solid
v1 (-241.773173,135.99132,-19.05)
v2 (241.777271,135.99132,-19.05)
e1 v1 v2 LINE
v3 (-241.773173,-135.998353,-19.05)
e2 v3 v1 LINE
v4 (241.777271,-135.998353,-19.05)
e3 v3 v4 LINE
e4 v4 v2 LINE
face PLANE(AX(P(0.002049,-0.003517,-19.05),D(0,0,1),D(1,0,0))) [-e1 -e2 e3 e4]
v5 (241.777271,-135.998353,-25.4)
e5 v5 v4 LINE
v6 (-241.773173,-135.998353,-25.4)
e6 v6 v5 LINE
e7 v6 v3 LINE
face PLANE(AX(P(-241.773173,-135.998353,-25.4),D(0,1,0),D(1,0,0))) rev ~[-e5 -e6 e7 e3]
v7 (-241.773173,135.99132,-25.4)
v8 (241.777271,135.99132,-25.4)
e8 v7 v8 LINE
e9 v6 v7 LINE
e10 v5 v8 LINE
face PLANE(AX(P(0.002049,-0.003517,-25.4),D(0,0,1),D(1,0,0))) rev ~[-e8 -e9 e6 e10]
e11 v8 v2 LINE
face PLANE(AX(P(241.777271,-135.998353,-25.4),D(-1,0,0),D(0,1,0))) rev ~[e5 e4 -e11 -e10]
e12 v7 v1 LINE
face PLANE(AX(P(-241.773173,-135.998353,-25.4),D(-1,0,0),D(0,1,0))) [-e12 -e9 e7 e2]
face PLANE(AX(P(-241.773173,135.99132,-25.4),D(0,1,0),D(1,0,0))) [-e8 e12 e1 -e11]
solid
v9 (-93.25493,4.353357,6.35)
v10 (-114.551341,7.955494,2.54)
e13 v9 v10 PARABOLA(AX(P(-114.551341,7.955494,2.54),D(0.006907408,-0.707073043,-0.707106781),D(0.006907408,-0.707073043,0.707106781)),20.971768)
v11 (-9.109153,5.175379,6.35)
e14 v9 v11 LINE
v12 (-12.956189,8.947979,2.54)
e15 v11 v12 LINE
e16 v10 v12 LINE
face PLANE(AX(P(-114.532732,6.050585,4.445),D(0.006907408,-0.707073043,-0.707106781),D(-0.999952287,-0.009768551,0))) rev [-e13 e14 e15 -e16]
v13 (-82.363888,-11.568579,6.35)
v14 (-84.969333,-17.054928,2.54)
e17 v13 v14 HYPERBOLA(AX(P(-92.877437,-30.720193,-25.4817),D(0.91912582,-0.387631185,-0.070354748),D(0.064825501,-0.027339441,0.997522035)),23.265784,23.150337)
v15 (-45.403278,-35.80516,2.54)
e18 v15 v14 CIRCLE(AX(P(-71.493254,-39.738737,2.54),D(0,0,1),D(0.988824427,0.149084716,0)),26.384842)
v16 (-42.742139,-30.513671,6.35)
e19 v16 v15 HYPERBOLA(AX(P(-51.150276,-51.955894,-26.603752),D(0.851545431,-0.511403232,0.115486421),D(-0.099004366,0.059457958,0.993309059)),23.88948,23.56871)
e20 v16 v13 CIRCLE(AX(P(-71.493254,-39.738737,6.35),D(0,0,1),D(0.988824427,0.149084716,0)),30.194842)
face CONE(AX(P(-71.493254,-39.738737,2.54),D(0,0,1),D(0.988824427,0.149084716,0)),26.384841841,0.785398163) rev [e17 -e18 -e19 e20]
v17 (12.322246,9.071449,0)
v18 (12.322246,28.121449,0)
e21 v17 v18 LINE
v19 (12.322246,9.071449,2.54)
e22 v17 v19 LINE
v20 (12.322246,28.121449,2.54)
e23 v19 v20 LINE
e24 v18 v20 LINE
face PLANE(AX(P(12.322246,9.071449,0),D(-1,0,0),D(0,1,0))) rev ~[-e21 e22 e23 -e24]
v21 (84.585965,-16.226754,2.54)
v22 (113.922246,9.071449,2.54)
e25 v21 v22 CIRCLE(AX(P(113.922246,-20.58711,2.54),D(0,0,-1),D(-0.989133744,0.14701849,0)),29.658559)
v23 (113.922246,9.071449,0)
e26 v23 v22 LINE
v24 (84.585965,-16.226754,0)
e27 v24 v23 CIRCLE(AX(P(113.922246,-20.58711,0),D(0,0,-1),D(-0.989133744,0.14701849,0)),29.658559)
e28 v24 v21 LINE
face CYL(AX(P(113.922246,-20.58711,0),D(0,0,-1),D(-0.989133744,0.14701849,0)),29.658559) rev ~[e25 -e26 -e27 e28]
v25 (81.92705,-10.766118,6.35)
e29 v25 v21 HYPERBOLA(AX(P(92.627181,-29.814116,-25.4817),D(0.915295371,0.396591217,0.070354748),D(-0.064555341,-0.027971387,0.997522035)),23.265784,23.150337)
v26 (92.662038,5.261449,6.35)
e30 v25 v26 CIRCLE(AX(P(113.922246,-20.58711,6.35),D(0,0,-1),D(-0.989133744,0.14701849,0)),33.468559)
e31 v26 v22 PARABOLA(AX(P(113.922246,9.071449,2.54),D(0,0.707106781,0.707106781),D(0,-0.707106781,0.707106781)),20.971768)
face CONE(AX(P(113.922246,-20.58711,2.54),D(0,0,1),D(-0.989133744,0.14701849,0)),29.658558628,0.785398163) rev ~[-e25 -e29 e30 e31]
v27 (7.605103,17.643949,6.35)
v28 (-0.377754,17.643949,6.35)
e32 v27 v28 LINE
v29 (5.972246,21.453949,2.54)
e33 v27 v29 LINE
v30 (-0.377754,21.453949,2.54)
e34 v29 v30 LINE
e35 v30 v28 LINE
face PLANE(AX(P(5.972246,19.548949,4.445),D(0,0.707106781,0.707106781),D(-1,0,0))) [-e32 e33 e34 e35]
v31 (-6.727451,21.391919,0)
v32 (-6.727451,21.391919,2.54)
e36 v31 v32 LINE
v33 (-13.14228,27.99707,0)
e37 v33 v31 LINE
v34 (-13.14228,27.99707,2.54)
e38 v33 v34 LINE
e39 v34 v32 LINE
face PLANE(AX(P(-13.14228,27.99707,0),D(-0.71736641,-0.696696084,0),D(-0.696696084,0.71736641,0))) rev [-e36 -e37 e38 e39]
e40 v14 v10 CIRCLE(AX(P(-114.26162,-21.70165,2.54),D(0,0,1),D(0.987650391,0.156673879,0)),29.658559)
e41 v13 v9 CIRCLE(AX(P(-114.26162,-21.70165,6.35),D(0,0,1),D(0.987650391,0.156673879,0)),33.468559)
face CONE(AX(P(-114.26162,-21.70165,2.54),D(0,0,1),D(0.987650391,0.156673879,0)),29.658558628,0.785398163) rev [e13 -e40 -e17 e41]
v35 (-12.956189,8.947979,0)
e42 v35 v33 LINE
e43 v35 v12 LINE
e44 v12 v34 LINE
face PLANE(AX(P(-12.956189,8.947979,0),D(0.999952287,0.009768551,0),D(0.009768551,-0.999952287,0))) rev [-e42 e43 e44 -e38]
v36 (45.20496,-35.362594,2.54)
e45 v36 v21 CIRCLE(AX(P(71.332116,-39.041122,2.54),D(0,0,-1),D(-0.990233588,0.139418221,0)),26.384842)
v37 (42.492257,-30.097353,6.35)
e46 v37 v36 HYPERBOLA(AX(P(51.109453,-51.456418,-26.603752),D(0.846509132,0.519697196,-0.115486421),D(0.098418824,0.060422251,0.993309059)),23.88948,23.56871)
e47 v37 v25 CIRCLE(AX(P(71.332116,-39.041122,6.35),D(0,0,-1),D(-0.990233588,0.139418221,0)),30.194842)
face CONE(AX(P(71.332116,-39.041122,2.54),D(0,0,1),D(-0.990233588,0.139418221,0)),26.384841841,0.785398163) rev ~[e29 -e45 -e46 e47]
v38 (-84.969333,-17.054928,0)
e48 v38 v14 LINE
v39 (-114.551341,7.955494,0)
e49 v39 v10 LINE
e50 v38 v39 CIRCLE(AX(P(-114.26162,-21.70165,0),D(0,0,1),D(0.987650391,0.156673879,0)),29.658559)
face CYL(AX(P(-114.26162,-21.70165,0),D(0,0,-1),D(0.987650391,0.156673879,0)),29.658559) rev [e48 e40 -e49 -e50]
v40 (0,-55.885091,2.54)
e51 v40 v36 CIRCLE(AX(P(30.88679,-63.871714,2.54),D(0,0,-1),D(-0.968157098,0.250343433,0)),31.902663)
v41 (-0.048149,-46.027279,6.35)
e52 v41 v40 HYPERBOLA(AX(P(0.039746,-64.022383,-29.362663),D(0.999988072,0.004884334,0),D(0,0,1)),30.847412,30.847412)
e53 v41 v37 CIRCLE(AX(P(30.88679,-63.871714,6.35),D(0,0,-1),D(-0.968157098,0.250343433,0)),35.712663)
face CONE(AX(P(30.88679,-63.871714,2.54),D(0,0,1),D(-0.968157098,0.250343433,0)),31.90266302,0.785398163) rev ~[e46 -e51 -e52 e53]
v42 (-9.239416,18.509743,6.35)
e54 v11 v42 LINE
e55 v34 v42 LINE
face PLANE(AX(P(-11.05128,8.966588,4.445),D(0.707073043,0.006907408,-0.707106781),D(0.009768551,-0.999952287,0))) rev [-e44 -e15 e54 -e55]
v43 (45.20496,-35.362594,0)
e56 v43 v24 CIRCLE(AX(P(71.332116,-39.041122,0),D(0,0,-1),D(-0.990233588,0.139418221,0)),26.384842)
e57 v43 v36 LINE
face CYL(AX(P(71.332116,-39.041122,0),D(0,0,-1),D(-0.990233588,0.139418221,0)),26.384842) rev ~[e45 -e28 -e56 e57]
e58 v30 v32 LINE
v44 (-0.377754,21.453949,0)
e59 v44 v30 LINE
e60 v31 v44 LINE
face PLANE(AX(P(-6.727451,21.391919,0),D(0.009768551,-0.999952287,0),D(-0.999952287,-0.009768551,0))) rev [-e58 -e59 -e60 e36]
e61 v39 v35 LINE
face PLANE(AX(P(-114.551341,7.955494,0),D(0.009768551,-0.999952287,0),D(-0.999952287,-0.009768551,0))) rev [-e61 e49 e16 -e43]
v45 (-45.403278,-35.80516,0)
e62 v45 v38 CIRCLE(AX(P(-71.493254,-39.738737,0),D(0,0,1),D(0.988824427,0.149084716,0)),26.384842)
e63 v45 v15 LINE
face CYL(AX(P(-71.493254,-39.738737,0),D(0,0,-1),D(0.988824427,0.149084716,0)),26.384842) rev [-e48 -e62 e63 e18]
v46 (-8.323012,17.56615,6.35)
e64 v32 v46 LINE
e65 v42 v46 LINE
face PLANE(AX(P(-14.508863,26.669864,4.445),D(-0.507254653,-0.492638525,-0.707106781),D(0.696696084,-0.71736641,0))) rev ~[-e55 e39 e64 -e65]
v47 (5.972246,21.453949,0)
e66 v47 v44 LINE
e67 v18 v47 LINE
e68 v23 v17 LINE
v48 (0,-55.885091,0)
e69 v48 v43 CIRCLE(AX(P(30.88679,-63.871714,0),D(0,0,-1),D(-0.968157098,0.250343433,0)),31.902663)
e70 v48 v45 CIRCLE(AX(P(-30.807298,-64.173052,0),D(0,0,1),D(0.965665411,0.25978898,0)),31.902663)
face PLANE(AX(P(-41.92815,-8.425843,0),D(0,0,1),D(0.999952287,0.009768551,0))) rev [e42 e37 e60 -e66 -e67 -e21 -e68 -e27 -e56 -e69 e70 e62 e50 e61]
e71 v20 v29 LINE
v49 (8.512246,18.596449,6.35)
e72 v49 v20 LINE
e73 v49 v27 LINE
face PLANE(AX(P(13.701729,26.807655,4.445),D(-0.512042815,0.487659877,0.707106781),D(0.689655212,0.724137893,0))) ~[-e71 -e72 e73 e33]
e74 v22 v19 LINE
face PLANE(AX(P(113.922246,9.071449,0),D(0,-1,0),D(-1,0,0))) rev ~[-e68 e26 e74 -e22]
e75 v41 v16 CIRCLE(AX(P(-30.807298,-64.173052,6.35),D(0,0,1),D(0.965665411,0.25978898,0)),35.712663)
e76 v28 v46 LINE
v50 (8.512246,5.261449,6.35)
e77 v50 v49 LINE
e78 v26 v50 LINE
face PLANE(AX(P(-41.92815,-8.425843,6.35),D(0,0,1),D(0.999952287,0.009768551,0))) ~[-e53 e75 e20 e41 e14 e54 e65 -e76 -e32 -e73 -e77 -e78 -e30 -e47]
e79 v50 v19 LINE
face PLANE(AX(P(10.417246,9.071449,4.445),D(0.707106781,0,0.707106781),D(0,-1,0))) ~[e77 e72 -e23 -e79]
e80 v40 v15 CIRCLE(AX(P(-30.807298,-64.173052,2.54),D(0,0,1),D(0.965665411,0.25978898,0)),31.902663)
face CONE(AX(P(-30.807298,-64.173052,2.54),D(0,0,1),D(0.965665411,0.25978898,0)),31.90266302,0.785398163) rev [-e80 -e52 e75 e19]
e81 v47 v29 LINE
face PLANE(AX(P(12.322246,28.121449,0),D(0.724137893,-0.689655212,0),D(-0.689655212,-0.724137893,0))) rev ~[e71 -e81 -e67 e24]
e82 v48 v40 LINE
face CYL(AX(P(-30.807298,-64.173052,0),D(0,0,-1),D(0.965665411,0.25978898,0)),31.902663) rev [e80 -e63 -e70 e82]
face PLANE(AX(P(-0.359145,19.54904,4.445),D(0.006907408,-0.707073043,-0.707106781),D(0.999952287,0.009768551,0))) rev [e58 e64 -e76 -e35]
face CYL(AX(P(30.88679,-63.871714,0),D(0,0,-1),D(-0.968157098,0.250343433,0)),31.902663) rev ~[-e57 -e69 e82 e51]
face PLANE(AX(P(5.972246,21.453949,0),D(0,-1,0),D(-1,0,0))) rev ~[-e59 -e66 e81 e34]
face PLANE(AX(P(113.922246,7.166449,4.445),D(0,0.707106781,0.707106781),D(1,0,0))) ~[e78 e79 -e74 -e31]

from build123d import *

# Parameters (mm, degrees)
F1_DEPTH = 6.35
F3_SIZE  = 3.81
F5_W     = 483.5504442453
F5_H     = 271.9896733761
F6_DEPTH = 6.35


with BuildPart() as f1:
    # F0 (on Top) → F1 (new body)
    with BuildSketch(Plane.XY):
        with BuildLine():
            Line((5.972245817, 21.453949254), (-0.377754183, 21.453949254))
            Line((-0.377754183, 21.453949254), (0, -55.885091424))
            ThreePointArc((0, -55.885091424), (17.6988021237, -34.8224985897), (45.2049598098, -35.3625938296))
            ThreePointArc((45.2049598098, -35.3625938296), (59.8006112137, -15.3096178799), (84.5859646797, -16.2267535925))
            ThreePointArc((84.5859646797, -16.2267535925), (94.5533505133, 1.8734329543), (113.922245817, 9.071448521))
            Line((113.922245817, 9.071448521), (12.322245817, 9.071448521))
            Line((12.322245817, 9.071448521), (12.322245817, 28.121448521))
            Line((12.322245817, 28.121448521), (5.972245817, 21.453949254))
        make_face()
    extrude(amount=F1_DEPTH)

    # F2: F1 across face


with BuildPart() as f1_1:
    add(f1.part)
    add(f1.part.mirror(Plane(origin=(-0.1888770915, -17.215571085, 3.175), x_dir=(0.0048843336, -0.9999880716, 0), z_dir=(-0.9999880716, -0.0048843336, 0))))

    # F3
    f3_edges = [f1_1.edges().sort_by_distance(p)[0] for p in [
        (12.322246, 18.596449, 6.35),
        (9.147246, 24.787699, 6.35),
        (2.797246, 21.453949, 6.35),
        (-3.552603, 21.422934, 6.35),
        (-9.934866, 24.694494, 6.35),
        (-13.049235, 18.472524, 6.35),
        (-63.753765, 8.451736, 6.35),
        (-95.113056, 0.947028, 6.35),
        (-60.194121, -15.895719, 6.35),
        (-17.903709, -34.996395, 6.35),
        (17.698802, -34.822499, 6.35),
        (59.800611, -15.309618, 6.35),
        (94.553351, 1.873433, 6.35),
        (63.122246, 9.071449, 6.35),
    ]]
    chamfer(f3_edges, length=F3_SIZE)


with BuildPart() as f6:
    # F5 (on offset) → F6 (new body)
    with BuildSketch(Plane.XY.offset(-25.4)):
        with Locations((0.0020489097, -0.003516674)):
            Rectangle(F5_W, F5_H)
    extrude(amount=F6_DEPTH)


solid = Compound([f1_1.part, f6.part])
